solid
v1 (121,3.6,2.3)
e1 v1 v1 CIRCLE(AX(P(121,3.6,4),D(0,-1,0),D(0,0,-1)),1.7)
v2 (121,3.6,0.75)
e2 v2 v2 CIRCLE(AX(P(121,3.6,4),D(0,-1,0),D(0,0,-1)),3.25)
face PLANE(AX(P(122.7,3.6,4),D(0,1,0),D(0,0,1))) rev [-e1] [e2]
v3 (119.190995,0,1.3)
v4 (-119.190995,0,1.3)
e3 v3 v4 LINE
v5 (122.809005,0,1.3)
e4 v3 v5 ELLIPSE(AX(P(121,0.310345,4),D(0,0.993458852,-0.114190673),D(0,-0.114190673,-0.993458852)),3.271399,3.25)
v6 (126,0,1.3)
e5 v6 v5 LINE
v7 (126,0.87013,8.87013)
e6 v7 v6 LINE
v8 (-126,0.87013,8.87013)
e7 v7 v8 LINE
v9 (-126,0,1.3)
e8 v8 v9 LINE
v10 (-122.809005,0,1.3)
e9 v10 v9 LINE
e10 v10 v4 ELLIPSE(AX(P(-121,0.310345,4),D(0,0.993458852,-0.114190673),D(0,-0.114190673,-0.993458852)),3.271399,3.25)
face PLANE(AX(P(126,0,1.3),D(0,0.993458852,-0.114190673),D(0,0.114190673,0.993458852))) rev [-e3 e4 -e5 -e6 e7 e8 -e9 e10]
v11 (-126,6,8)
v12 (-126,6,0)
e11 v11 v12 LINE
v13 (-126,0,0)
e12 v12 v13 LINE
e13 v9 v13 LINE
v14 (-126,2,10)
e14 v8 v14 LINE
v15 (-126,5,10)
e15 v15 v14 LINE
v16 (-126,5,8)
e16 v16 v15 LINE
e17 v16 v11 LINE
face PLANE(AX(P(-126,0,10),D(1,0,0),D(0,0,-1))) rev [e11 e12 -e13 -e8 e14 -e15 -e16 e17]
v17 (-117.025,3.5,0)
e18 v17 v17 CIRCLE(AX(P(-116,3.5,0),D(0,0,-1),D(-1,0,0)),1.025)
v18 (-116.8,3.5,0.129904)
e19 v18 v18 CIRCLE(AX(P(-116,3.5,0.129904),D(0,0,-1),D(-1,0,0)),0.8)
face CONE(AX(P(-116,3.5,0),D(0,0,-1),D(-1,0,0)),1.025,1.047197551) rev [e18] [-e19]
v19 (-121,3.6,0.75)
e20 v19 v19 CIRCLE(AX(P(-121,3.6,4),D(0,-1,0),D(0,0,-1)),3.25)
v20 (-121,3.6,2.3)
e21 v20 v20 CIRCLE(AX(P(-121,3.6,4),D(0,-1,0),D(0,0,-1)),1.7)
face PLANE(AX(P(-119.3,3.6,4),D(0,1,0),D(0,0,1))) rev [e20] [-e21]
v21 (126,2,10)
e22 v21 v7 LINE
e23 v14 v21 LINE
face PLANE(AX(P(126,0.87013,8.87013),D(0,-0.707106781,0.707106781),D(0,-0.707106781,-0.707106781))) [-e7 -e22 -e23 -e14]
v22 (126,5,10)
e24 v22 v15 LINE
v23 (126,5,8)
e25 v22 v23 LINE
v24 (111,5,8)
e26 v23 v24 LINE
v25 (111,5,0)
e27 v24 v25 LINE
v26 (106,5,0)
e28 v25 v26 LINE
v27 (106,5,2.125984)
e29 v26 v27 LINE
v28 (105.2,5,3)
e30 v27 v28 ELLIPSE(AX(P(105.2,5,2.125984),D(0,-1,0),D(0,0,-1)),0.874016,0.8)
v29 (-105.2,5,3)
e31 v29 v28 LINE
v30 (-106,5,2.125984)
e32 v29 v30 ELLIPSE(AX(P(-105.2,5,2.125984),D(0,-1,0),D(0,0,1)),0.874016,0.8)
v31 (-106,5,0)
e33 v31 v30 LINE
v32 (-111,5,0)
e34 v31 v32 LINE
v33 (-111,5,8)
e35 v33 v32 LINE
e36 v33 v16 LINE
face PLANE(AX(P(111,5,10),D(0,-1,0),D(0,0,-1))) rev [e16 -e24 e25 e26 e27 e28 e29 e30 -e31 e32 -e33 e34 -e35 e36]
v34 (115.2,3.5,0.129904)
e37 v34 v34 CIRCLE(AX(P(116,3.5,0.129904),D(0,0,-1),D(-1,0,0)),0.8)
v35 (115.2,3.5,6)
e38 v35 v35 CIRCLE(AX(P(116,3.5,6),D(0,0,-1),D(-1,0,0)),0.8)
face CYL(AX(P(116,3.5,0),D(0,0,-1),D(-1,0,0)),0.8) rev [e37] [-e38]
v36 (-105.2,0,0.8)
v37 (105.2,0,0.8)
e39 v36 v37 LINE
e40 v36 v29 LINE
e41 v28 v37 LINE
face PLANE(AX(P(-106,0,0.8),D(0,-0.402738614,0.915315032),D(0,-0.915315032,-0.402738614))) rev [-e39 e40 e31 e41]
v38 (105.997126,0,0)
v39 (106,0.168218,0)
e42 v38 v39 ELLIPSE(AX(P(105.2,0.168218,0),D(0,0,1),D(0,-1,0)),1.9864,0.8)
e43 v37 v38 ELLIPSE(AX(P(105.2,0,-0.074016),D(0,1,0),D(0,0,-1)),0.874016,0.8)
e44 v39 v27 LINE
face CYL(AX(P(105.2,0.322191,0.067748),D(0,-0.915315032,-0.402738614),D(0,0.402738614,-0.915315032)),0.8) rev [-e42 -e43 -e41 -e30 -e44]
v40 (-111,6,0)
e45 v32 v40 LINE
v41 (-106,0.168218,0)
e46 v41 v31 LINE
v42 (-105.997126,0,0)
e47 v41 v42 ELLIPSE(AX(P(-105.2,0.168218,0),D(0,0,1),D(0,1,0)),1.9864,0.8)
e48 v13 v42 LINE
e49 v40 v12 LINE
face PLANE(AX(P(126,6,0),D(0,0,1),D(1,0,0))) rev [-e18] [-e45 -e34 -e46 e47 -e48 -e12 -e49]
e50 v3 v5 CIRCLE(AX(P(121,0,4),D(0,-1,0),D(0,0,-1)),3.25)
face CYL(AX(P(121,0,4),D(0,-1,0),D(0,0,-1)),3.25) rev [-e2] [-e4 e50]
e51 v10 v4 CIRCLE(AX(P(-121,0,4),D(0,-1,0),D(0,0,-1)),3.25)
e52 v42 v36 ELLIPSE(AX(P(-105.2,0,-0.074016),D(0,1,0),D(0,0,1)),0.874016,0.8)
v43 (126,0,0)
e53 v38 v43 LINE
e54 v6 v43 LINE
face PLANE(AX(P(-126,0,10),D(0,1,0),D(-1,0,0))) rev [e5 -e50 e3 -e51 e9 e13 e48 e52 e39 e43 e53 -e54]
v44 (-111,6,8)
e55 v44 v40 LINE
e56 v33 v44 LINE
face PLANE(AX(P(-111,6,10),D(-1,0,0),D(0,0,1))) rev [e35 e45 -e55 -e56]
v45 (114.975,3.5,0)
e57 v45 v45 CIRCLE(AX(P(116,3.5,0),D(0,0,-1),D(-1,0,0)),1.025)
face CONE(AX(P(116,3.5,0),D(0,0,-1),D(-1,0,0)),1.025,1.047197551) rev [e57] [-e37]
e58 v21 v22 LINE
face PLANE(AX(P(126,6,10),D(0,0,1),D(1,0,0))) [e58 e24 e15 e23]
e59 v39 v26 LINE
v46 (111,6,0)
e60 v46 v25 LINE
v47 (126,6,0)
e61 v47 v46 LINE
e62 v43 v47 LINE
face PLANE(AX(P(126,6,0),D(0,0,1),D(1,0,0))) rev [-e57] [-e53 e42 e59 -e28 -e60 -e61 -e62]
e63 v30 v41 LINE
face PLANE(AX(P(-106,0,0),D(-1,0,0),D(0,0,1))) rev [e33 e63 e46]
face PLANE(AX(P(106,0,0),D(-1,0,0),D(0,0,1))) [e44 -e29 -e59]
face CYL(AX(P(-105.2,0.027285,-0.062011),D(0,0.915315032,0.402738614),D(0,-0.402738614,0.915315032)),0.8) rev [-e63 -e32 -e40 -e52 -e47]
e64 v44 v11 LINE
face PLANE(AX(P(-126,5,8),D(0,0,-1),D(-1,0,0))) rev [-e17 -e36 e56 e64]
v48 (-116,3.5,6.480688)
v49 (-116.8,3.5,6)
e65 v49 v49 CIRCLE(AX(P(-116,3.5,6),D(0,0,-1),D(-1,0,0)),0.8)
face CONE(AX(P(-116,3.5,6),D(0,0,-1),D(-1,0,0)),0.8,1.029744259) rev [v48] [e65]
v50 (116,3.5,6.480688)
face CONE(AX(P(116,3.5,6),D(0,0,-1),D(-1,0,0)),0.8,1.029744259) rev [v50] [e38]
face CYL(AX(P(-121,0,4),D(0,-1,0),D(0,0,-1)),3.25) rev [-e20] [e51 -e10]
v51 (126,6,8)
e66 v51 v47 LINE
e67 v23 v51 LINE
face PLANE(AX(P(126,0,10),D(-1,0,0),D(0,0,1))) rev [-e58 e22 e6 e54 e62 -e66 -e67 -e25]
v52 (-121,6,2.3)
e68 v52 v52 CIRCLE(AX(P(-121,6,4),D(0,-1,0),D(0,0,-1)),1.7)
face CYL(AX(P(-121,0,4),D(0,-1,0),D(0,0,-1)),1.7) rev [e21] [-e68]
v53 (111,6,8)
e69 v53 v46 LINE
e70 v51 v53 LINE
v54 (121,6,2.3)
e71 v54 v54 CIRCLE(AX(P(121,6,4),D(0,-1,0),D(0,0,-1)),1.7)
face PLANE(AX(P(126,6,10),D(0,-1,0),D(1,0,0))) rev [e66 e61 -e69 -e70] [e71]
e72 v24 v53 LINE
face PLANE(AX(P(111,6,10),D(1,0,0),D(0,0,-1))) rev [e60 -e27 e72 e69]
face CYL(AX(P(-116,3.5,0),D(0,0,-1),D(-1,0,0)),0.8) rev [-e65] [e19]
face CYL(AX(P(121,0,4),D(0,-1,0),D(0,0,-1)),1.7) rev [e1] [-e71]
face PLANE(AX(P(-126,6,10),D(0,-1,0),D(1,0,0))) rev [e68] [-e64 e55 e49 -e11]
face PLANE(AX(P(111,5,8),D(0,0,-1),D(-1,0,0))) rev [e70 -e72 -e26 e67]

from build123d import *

# Parameters (mm, degrees)
EXTRUDE_1_DEPTH             = 10
CUT_EXTRUDE_1_DEPTH         = 106
FILLET_1_R                  = 0.8
CUT_EXTRUDE_2_DEPTH         = 253.269696951
CHAMFER_1_SIZE              = 1
CHAMFER_1_SIZE2             = 1.137309439
SKETCH_7_W                  = 15
SKETCH_7_H                  = 2
CUT_EXTRUDE_3_DEPTH         = 1
HOLE_WIZARD_M21_D           = 1.6
HOLE_WIZARD_M21_DEPTH       = 6
HOLE_WIZARD_M21_CSINK_D     = 2.05
HOLE_WIZARD_M21_CSINK_ANGLE = 120
HOLE_WIZARD_M21_TIP         = 0.480688495
HOLE_WIZARD_M31_D           = 3.4
HOLE_WIZARD_M31_CBORE_D     = 6.5
HOLE_WIZARD_M31_CBORE_DEPTH = 3.6


with BuildPart() as part:
    # Эскиз1 → Бобышка-Вытянуть1 (new body)
    with BuildSketch(Plane.XY):
        Polygon((-126, 0), (126, 0), (126, 6), (111, 6), (111, 5), (-111, 5), (-111, 6), (-126, 6), align=None)
    extrude(amount=EXTRUDE_1_DEPTH)

    # Эскиз5 → Вырез-Вытянуть1 (cut, symmetric)
    with BuildSketch(Plane(origin=(0, 0, 0), x_dir=(0, 0, -1), z_dir=(1, 0, 0))):
        Polygon((0, 0), (-0.8, 0), (-3, 5), (0, 5), align=None)
    extrude(amount=CUT_EXTRUDE_1_DEPTH, both=True, mode=Mode.SUBTRACT)

    # Скругление1
    fillet_1_edges = [part.edges().sort_by_distance(p)[0] for p in [
        (-106, 2.5, 1.9),
        (106, 2.5, 1.9),
    ]]
    fillet(fillet_1_edges, radius=FILLET_1_R)

    # Эскиз6 → Вырез-Вытянуть2 (cut, through all)
    with BuildSketch(Plane.ZY.offset(126)):
        Polygon((1.3, 0), (10, 1), (10, 0), align=None)
    extrude(amount=-CUT_EXTRUDE_2_DEPTH, mode=Mode.SUBTRACT)

    # Фаска1
    chamfer_1_edges = [part.edges().sort_by_distance(p)[0] for p in [
        (0, 1, 10),
    ]]
    chamfer_1_side = [part.faces().sort_by_distance(p)[0] for p in [
        (0, 3.072254335, 10),
    ]]
    chamfer(chamfer_1_edges, length=CHAMFER_1_SIZE, length2=CHAMFER_1_SIZE2, reference=chamfer_1_side[0])

    # Эскиз7 → Вырез-Вытянуть3 (cut)
    with BuildSketch(Plane(origin=(0, 6, 0), x_dir=(1, 0, 0), z_dir=(0, 1, 0))):
        with Locations((-118.5, -9)):
            Rectangle(SKETCH_7_W, SKETCH_7_H)
        with Locations((118.5, -9)):
            Rectangle(SKETCH_7_W, SKETCH_7_H)
    extrude(amount=-CUT_EXTRUDE_3_DEPTH, mode=Mode.SUBTRACT)

    # Отверстие обработанное метчиком M21
    with Locations(Plane(origin=(0, 0, 0), x_dir=(-1, 0, 0), z_dir=(0, 0, -1))):
        with Locations((-116, 3.5), (116, 3.5)):
            CounterSinkHole(HOLE_WIZARD_M21_D / 2, HOLE_WIZARD_M21_CSINK_D / 2, depth=HOLE_WIZARD_M21_DEPTH, counter_sink_angle=HOLE_WIZARD_M21_CSINK_ANGLE)
            with Locations((0, 0, -(HOLE_WIZARD_M21_DEPTH + HOLE_WIZARD_M21_TIP / 2))):  # 118° drill point
                Cone(0, HOLE_WIZARD_M21_D / 2, HOLE_WIZARD_M21_TIP, mode=Mode.SUBTRACT)

    # Цековка для  винта с внутренним шестигранником M31 (through all)
    with Locations(Plane.XZ):
        with Locations((121, 4), (-121, 4)):
            CounterBoreHole(HOLE_WIZARD_M31_D / 2, HOLE_WIZARD_M31_CBORE_D / 2, HOLE_WIZARD_M31_CBORE_DEPTH)


solid = part.part
